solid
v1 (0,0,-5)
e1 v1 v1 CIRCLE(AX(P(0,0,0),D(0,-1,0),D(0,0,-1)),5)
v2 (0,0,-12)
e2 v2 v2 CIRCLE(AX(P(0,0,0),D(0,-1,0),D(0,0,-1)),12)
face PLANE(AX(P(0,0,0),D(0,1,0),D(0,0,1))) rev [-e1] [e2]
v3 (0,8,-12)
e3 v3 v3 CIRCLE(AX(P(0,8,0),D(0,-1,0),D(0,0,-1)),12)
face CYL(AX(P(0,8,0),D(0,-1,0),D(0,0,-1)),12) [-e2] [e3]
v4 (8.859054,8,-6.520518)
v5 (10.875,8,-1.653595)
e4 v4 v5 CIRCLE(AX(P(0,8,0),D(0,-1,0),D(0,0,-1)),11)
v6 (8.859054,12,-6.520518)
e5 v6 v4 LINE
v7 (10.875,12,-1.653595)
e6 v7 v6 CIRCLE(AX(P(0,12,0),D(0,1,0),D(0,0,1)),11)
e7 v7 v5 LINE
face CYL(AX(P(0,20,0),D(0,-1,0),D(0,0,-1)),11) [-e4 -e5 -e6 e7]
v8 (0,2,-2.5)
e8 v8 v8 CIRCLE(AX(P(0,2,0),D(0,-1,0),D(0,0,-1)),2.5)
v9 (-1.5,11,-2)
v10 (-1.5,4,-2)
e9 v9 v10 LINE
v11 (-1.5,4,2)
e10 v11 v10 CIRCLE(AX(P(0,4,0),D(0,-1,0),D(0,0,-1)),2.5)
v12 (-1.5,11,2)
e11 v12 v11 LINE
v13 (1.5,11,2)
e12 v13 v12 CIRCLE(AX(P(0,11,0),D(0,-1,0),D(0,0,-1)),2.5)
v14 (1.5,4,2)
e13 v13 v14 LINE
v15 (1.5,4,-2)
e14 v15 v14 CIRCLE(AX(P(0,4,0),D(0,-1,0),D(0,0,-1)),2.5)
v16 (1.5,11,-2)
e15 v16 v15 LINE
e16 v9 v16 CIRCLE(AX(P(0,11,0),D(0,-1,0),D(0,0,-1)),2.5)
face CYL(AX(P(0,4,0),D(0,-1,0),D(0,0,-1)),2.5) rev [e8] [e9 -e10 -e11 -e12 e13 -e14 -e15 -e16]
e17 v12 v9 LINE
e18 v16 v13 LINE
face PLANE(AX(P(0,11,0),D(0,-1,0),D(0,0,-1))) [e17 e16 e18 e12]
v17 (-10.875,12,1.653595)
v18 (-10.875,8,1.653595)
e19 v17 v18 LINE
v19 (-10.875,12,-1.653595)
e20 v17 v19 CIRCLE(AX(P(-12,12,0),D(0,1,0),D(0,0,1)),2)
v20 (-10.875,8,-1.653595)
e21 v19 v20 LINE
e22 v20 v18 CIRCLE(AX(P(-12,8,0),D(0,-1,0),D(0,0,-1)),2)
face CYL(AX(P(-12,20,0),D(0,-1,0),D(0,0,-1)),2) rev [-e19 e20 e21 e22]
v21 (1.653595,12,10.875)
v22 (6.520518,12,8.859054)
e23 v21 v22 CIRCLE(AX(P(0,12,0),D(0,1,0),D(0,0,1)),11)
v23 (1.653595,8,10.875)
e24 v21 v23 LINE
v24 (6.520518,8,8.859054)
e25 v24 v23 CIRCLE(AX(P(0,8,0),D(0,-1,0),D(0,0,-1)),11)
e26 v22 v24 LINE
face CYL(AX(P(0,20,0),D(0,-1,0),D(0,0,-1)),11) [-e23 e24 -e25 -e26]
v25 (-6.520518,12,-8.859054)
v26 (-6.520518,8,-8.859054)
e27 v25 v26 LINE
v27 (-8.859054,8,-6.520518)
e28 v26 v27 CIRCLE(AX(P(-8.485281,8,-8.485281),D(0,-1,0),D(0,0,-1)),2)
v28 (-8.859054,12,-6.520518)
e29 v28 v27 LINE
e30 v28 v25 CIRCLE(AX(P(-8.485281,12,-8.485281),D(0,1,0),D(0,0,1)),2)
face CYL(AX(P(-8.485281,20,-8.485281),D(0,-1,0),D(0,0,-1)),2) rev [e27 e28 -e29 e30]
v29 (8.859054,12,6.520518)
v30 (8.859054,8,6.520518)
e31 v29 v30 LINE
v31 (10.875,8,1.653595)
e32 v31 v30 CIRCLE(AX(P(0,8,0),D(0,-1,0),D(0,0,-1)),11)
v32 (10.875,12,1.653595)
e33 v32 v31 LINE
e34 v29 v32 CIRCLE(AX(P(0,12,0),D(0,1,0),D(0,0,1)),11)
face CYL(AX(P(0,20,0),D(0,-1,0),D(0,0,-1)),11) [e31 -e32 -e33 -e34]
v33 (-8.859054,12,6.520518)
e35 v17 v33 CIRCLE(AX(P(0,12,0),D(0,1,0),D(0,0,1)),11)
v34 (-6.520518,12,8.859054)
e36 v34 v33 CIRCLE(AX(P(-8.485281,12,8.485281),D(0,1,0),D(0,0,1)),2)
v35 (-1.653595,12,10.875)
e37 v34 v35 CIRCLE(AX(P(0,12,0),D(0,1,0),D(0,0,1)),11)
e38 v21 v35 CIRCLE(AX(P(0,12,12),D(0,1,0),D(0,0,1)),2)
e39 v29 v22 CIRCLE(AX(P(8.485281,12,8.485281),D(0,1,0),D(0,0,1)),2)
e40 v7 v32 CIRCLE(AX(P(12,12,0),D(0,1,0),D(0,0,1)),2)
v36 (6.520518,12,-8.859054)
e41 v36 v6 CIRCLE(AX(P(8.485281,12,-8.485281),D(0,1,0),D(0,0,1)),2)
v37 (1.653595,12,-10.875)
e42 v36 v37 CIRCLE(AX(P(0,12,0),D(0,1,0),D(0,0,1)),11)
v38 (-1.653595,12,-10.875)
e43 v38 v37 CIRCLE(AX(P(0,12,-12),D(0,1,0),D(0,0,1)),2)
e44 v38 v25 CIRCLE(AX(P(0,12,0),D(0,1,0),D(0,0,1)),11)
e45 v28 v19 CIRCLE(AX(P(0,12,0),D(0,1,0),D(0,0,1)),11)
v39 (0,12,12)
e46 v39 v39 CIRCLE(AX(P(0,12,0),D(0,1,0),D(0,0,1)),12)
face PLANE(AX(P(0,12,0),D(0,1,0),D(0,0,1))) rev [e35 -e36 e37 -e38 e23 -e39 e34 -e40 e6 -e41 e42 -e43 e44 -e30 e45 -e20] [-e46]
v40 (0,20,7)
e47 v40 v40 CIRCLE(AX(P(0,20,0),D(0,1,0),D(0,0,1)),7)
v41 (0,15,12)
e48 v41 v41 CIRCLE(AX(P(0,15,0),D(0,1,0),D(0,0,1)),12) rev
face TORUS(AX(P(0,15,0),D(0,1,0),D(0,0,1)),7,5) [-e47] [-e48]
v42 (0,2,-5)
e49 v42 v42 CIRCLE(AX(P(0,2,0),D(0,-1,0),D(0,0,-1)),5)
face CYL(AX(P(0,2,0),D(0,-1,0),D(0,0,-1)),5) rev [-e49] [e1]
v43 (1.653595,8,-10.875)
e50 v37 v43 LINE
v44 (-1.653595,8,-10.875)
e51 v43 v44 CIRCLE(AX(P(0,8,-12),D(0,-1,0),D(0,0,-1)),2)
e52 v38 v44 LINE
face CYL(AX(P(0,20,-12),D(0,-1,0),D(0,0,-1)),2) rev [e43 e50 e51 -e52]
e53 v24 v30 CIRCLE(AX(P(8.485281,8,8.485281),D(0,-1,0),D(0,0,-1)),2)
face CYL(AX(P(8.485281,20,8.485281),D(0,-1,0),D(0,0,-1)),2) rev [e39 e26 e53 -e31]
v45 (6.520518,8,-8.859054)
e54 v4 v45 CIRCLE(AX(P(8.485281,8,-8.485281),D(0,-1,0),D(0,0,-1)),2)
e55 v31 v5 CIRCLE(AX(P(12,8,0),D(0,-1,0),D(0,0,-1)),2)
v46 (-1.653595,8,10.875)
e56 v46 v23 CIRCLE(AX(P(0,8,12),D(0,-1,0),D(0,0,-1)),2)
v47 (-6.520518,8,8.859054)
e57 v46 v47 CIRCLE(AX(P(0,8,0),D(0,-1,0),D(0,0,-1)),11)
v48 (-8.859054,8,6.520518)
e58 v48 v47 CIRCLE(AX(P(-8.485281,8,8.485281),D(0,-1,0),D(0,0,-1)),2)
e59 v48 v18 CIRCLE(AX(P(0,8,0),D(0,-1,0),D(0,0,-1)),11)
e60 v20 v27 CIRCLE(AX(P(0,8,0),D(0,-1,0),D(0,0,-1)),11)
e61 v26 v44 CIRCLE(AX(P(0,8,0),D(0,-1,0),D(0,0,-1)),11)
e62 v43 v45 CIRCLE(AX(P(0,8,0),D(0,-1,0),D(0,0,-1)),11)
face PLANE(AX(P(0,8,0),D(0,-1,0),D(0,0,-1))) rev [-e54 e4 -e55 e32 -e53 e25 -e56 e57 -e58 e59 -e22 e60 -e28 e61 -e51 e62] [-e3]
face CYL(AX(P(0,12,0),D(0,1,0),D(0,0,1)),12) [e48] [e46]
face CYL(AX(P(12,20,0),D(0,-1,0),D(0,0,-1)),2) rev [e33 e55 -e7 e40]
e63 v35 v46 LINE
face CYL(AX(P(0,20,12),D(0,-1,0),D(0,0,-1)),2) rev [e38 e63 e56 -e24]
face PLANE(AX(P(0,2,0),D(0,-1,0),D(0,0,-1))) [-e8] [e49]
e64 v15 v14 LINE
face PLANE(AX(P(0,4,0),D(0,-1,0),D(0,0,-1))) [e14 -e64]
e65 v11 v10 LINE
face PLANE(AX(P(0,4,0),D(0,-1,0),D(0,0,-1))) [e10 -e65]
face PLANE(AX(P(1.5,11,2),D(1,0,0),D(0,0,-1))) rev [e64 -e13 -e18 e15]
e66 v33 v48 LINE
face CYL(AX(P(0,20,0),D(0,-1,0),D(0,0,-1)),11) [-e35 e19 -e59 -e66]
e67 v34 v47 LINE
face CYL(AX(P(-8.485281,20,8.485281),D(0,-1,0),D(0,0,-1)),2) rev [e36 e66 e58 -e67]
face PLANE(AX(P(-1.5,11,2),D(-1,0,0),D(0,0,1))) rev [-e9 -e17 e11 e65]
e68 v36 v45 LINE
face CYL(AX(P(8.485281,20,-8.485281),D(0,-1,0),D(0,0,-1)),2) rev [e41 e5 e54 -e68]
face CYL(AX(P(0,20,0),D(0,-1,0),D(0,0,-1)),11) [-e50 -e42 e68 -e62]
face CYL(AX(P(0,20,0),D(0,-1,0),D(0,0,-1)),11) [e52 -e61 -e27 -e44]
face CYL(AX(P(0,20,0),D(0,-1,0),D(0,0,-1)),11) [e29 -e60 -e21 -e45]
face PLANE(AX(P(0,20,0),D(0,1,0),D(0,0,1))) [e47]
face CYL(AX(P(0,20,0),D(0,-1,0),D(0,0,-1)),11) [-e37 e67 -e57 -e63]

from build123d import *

# Parameters (mm, degrees)
SALIENTE_EXTRUIR3_DEPTH = 20
CROQUIS13_R             = 12
SALIENTE_EXTRUIR4_DEPTH = 8
SALIENTE_EXTRUIR5_START = -8
CROQUIS15_R             = 12
SALIENTE_EXTRUIR5_DEPTH = 8
CROQUIS16_R             = 5
CORTAR_EXTRUIR6_DEPTH   = 2
CROQUIS17_R             = 2.5
CORTAR_EXTRUIR7_DEPTH   = 2
CORTAR_EXTRUIR8_DEPTH   = 7
REDONDEO2_R             = 5


with BuildPart() as part:
    # Croquis12 → Saliente-Extruir3 (new body)
    with BuildSketch(Plane(origin=(0, 0, 0), x_dir=(1, 0, 0), z_dir=(0, 1, 0))):
        with BuildLine():
            ThreePointArc((10.875, -1.653594569), (10, 0), (10.875, 1.653594569))
            ThreePointArc((10.875, 1.653594569), (10.162674858, 4.209517756), (8.859054179, 6.520518312))
            ThreePointArc((8.859054179, 6.520518312), (7.071067812, 7.071067812), (6.520518312, 8.859054179))
            ThreePointArc((6.520518312, 8.859054179), (4.209517756, 10.162674858), (1.653594569, 10.875))
            ThreePointArc((1.653594569, 10.875), (0, 10), (-1.653594569, 10.875))
            ThreePointArc((-1.653594569, 10.875), (-4.209517756, 10.162674858), (-6.520518312, 8.859054179))
            ThreePointArc((-6.520518312, 8.859054179), (-6.494110095, 8.672996418), (-6.485281374, 8.485281374))
            ThreePointArc((-6.485281374, 8.485281374), (-7.210045241, 6.94457608), (-8.859054179, 6.520518312))
            ThreePointArc((-8.859054179, 6.520518312), (-10.162674858, 4.209517756), (-10.875, 1.653594569))
            ThreePointArc((-10.875, 1.653594569), (-10.232233047, 0.935414347), (-10, 0))
            ThreePointArc((-10, 0), (-10.232233047, -0.935414347), (-10.875, -1.653594569))
            ThreePointArc((-10.875, -1.653594569), (-10.162674858, -4.209517756), (-8.859054179, -6.520518312))
            ThreePointArc((-8.859054179, -6.520518312), (-7.210045241, -6.94457608), (-6.485281374, -8.485281374))
            ThreePointArc((-6.485281374, -8.485281374), (-6.494110095, -8.672996418), (-6.520518312, -8.859054179))
            ThreePointArc((-6.520518312, -8.859054179), (-4.209517756, -10.162674858), (-1.653594569, -10.875))
            ThreePointArc((-1.653594569, -10.875), (0, -10), (1.653594569, -10.875))
            ThreePointArc((1.653594569, -10.875), (4.209517756, -10.162674858), (6.520518312, -8.859054179))
            ThreePointArc((6.520518312, -8.859054179), (7.071067812, -7.071067812), (8.859054179, -6.520518312))
            ThreePointArc((8.859054179, -6.520518312), (10.162674858, -4.209517756), (10.875, -1.653594569))
        make_face()
    extrude(amount=SALIENTE_EXTRUIR3_DEPTH)

    # Croquis13 → Saliente-Extruir4 (add)
    with BuildSketch(Plane.XZ):
        with Locations(Location((0, 0, 0), (0, 0, 270))):
            Circle(CROQUIS13_R)
    extrude(amount=-SALIENTE_EXTRUIR4_DEPTH)

    # Croquis15 → Saliente-Extruir5 (add)
    with BuildSketch(Plane(origin=(0, 20, 0), x_dir=(1, 0, 0), z_dir=(0, 1, 0)).offset(SALIENTE_EXTRUIR5_START)):
        with Locations(Location((0, 0, 0), (0, 0, 90))):
            Circle(CROQUIS15_R)
    extrude(amount=SALIENTE_EXTRUIR5_DEPTH)

    # Croquis16 → Cortar-Extruir6 (cut)
    with BuildSketch(Plane.XZ):
        with Locations(Location((0, 0, 0), (0, 0, 270))):
            Circle(CROQUIS16_R)
    extrude(amount=-CORTAR_EXTRUIR6_DEPTH, mode=Mode.SUBTRACT)

    # Croquis17 → Cortar-Extruir7 (cut)
    with BuildSketch(Plane.XZ.offset(-2)):
        with Locations(Location((0, 0, 0), (0, 0, 270))):
            Circle(CROQUIS17_R)
    extrude(amount=-CORTAR_EXTRUIR7_DEPTH, mode=Mode.SUBTRACT)

    # Croquis18 → Cortar-Extruir8 (cut)
    with BuildSketch(Plane.XZ.offset(-4)):
        with BuildLine():
            Line((-1.5, 2), (-1.5, -2))
            ThreePointArc((-1.5, -2), (0, -2.5), (1.5, -2))
            Line((1.5, -2), (1.5, 2))
            ThreePointArc((1.5, 2), (0, 2.5), (-1.5, 2))
        make_face()
    extrude(amount=-CORTAR_EXTRUIR8_DEPTH, mode=Mode.SUBTRACT)

    # Redondeo2
    redondeo2_edges = [part.edges().sort_by_distance(p)[0] for p in [
        (0, 20, 12),
    ]]
    fillet(redondeo2_edges, radius=REDONDEO2_R)


solid = part.part
